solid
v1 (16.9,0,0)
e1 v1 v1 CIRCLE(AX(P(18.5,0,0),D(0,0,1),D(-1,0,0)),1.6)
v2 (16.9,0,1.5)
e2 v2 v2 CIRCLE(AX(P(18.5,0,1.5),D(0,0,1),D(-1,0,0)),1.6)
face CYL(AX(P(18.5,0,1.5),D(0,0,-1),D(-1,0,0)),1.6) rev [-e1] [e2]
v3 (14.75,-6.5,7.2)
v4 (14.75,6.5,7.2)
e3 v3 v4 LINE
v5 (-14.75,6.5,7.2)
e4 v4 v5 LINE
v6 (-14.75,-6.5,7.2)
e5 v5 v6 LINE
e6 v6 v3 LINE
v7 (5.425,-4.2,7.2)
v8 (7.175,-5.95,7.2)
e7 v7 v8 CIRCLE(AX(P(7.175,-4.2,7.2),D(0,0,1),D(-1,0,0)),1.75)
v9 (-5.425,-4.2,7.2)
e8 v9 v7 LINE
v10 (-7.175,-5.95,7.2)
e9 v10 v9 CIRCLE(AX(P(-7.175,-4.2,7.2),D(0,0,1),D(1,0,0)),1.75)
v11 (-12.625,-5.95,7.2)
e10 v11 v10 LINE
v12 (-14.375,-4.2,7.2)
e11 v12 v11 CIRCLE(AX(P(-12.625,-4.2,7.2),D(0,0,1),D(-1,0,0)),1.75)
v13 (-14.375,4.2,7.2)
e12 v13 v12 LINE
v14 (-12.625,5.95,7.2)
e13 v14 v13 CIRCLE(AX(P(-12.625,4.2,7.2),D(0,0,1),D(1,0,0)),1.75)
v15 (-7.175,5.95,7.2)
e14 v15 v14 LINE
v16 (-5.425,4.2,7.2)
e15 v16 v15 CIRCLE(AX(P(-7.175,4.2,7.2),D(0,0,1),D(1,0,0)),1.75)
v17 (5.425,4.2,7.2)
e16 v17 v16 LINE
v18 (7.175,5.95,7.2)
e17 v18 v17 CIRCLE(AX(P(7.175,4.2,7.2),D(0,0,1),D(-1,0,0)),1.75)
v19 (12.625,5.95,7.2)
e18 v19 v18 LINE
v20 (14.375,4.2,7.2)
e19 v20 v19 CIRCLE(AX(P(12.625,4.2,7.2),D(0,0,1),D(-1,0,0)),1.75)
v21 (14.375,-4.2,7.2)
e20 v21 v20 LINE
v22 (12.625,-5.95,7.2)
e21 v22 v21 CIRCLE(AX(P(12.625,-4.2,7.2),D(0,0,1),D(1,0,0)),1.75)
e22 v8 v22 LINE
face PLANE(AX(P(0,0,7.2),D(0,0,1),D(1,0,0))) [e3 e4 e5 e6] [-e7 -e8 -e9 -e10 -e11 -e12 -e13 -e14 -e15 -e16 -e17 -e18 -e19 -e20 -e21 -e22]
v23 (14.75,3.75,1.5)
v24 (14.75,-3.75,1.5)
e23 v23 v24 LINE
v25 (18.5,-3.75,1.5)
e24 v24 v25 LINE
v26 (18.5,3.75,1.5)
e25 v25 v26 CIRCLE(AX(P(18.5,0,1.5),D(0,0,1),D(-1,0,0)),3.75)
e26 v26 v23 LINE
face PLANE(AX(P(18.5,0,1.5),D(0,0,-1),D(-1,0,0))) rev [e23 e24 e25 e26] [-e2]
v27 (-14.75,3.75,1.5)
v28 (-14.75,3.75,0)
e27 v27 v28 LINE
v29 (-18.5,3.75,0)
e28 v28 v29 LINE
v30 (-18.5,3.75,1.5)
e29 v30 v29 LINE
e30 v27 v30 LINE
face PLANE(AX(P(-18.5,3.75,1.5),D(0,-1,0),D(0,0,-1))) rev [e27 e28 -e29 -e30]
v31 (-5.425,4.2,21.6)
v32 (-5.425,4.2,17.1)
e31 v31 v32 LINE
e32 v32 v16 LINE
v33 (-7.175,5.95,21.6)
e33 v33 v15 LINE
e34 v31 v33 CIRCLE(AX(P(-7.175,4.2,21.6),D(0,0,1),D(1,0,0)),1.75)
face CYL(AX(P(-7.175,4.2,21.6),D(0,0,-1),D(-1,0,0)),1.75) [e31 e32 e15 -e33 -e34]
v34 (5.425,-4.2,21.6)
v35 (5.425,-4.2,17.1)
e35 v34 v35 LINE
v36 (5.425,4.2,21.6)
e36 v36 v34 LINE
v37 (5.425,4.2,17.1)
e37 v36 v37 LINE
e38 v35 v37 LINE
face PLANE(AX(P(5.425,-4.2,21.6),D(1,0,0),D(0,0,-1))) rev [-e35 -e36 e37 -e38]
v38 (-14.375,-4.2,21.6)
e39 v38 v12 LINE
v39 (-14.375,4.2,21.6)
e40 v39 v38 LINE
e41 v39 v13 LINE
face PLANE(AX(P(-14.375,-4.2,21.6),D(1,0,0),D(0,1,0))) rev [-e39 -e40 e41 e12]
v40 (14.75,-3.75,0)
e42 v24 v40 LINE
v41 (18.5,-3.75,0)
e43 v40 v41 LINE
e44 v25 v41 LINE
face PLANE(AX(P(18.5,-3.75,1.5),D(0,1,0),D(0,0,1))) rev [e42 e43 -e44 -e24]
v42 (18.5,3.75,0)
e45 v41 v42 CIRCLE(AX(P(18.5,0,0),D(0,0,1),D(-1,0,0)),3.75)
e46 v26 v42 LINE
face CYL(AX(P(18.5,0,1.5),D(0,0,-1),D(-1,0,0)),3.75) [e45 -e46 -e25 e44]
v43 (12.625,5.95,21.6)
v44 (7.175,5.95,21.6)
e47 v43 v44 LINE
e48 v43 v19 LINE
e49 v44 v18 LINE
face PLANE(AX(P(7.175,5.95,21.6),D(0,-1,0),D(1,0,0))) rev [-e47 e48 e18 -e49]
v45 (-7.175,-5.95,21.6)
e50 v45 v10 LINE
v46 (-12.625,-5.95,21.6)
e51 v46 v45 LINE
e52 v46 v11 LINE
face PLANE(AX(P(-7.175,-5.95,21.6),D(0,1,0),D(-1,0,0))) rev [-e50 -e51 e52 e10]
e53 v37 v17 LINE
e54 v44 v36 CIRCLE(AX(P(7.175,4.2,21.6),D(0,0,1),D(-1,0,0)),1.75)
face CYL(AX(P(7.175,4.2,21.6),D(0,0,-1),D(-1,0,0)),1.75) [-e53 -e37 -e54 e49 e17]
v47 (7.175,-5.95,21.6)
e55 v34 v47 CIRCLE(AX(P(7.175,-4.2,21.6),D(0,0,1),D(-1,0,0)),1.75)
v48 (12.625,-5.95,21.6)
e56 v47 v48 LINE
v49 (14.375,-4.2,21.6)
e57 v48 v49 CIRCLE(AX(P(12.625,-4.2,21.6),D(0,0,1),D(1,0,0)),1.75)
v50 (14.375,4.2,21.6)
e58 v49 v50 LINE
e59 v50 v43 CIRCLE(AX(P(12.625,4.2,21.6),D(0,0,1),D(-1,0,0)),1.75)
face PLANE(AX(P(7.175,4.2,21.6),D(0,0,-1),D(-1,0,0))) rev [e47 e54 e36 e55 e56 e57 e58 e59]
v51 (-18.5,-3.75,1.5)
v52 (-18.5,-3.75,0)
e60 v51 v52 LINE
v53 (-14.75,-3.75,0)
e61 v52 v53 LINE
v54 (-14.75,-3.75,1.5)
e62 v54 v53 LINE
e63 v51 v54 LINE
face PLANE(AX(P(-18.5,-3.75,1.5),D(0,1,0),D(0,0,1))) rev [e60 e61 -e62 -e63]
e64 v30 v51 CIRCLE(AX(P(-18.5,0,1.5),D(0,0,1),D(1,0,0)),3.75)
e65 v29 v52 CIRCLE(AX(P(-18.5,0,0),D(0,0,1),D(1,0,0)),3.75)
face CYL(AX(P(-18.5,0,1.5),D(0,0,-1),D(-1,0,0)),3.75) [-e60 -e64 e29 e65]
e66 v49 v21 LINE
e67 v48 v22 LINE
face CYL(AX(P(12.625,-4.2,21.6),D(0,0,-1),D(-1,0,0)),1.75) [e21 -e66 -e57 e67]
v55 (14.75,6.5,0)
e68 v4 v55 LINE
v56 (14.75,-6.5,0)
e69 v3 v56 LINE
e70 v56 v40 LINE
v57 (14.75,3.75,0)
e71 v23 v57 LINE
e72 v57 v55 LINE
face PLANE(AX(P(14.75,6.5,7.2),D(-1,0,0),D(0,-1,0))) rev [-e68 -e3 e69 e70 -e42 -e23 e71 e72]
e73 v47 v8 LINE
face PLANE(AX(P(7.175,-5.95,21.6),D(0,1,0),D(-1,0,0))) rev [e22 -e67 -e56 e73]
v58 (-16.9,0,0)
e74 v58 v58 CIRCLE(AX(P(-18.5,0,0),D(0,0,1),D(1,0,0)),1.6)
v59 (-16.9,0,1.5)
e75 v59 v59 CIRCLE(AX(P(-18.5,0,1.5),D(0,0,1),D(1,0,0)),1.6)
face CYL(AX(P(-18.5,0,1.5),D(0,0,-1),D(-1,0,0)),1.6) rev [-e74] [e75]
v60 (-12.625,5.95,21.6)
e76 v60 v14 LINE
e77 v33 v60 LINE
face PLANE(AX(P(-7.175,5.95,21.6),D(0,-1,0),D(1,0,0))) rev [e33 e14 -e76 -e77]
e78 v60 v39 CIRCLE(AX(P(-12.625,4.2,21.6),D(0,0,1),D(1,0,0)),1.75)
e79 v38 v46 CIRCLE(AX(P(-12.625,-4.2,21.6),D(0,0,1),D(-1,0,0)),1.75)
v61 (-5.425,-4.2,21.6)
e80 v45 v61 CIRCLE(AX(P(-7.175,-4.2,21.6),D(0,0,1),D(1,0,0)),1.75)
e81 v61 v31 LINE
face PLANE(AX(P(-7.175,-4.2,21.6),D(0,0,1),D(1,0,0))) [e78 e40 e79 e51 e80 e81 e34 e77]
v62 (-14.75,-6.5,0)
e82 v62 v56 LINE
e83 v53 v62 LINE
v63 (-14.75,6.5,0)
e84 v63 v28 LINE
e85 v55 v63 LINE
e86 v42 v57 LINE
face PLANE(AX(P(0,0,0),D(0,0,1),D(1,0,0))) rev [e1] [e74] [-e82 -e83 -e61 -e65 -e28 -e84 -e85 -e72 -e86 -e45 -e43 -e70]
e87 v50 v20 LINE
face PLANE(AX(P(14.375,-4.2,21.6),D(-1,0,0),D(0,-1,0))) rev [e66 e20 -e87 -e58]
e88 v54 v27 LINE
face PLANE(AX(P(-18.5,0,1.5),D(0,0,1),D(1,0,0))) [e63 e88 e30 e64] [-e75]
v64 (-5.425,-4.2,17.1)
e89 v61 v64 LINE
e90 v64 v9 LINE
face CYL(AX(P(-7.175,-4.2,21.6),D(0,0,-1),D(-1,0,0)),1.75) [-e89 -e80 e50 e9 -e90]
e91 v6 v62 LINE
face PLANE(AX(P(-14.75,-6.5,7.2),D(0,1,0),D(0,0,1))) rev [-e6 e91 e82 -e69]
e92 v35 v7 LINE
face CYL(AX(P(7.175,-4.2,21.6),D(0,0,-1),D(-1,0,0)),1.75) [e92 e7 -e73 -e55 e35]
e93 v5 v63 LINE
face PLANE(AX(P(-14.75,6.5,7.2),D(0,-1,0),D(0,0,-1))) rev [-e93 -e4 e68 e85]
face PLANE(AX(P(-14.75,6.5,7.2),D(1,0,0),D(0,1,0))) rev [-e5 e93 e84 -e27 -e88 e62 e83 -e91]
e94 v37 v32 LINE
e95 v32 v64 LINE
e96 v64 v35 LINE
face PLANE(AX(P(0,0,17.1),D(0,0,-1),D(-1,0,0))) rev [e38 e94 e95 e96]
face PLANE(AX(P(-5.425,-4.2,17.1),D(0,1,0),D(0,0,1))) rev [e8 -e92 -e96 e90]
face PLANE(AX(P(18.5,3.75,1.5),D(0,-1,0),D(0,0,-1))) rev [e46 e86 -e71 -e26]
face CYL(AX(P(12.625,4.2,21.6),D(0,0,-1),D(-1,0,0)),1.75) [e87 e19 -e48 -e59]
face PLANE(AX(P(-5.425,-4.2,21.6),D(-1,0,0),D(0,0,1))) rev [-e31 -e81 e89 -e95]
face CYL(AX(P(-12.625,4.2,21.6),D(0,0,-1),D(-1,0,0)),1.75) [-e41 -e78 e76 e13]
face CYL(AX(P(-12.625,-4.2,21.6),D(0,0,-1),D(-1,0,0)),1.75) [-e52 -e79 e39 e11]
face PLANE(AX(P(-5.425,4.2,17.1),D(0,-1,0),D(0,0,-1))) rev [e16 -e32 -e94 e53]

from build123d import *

# Parameters (mm, degrees)
SKETCH_1_W      = 29.5
SKETCH_1_H      = 13
EXTRUDE_1_DEPTH = 7.2
SKETCH_3_R      = 1.6
EXTRUDE_2_DEPTH = 1.5
EXTRUDE_3_DEPTH = 14.4
SKETCH_5_W      = 10.85
SKETCH_5_H      = 8.4
EXTRUDE_4_DEPTH = 9.9


with BuildPart() as part:
    # 스케치1 → 보스-돌출1 (new body)
    with BuildSketch(Plane.XY):
        Rectangle(SKETCH_1_W, SKETCH_1_H)
    extrude(amount=EXTRUDE_1_DEPTH)

    # 스케치3 → 보스-돌출2 (add)
    # profile 1 of 2: a face of its own
    with BuildSketch(Plane.XY):
        with BuildLine():
            Line((-18.5, 3.75), (-14.75, 3.75))
            Line((-14.75, 3.75), (-14.75, -3.75))
            Line((-14.75, -3.75), (-18.5, -3.75))
            ThreePointArc((-18.5, -3.75), (-22.25, 0), (-18.5, 3.75))
        make_face()
        with Locations((-18.5, 0)):
            Circle(SKETCH_3_R, mode=Mode.SUBTRACT)
    # profile 2 of 2: a face of its own
    with BuildSketch(Plane.XY):
        with BuildLine():
            Line((14.75, -3.75), (14.75, 3.75))
            Line((14.75, 3.75), (18.5, 3.75))
            ThreePointArc((18.5, 3.75), (22.25, 0), (18.5, -3.75))
            Line((18.5, -3.75), (14.75, -3.75))
        make_face()
        with Locations(Location((18.5, 0, 0), (0, 0, 180))):
            Circle(SKETCH_3_R, mode=Mode.SUBTRACT)
    extrude(amount=EXTRUDE_2_DEPTH)

    # 스케치4 → 보스-돌출3 (add)
    with BuildSketch(Plane.XY.offset(7.2)):
        with BuildLine():
            Line((-7.175, -5.95), (-12.625, -5.95))
            ThreePointArc((-12.625, -5.95), (-13.862436867, -5.437436867), (-14.375, -4.2))
            Line((-14.375, -4.2), (-14.375, 4.2))
            ThreePointArc((-14.375, 4.2), (-13.862436867, 5.437436867), (-12.625, 5.95))
            Line((-12.625, 5.95), (-7.175, 5.95))
            ThreePointArc((-7.175, 5.95), (-5.937563133, 5.437436867), (-5.425, 4.2))
            Line((-5.425, 4.2), (-5.425, -4.2))
            ThreePointArc((-5.425, -4.2), (-5.937563133, -5.437436867), (-7.175, -5.95))
        make_face()
        with BuildLine():
            Line((14.375, -4.2), (14.375, 4.2))
            ThreePointArc((14.375, 4.2), (13.862436867, 5.437436867), (12.625, 5.95))
            Line((12.625, 5.95), (7.175, 5.95))
            ThreePointArc((7.175, 5.95), (5.937563133, 5.437436867), (5.425, 4.2))
            Line((5.425, 4.2), (5.425, -4.2))
            ThreePointArc((5.425, -4.2), (5.937563133, -5.437436867), (7.175, -5.95))
            Line((7.175, -5.95), (12.625, -5.95))
            ThreePointArc((12.625, -5.95), (13.862436867, -5.437436867), (14.375, -4.2))
        make_face()
    extrude(amount=EXTRUDE_3_DEPTH)

    # 스케치5 → 보스-돌출4 (add)
    with BuildSketch(Plane.XY.offset(7.2)):
        Rectangle(SKETCH_5_W, SKETCH_5_H)
    extrude(amount=EXTRUDE_4_DEPTH)


solid = part.part
